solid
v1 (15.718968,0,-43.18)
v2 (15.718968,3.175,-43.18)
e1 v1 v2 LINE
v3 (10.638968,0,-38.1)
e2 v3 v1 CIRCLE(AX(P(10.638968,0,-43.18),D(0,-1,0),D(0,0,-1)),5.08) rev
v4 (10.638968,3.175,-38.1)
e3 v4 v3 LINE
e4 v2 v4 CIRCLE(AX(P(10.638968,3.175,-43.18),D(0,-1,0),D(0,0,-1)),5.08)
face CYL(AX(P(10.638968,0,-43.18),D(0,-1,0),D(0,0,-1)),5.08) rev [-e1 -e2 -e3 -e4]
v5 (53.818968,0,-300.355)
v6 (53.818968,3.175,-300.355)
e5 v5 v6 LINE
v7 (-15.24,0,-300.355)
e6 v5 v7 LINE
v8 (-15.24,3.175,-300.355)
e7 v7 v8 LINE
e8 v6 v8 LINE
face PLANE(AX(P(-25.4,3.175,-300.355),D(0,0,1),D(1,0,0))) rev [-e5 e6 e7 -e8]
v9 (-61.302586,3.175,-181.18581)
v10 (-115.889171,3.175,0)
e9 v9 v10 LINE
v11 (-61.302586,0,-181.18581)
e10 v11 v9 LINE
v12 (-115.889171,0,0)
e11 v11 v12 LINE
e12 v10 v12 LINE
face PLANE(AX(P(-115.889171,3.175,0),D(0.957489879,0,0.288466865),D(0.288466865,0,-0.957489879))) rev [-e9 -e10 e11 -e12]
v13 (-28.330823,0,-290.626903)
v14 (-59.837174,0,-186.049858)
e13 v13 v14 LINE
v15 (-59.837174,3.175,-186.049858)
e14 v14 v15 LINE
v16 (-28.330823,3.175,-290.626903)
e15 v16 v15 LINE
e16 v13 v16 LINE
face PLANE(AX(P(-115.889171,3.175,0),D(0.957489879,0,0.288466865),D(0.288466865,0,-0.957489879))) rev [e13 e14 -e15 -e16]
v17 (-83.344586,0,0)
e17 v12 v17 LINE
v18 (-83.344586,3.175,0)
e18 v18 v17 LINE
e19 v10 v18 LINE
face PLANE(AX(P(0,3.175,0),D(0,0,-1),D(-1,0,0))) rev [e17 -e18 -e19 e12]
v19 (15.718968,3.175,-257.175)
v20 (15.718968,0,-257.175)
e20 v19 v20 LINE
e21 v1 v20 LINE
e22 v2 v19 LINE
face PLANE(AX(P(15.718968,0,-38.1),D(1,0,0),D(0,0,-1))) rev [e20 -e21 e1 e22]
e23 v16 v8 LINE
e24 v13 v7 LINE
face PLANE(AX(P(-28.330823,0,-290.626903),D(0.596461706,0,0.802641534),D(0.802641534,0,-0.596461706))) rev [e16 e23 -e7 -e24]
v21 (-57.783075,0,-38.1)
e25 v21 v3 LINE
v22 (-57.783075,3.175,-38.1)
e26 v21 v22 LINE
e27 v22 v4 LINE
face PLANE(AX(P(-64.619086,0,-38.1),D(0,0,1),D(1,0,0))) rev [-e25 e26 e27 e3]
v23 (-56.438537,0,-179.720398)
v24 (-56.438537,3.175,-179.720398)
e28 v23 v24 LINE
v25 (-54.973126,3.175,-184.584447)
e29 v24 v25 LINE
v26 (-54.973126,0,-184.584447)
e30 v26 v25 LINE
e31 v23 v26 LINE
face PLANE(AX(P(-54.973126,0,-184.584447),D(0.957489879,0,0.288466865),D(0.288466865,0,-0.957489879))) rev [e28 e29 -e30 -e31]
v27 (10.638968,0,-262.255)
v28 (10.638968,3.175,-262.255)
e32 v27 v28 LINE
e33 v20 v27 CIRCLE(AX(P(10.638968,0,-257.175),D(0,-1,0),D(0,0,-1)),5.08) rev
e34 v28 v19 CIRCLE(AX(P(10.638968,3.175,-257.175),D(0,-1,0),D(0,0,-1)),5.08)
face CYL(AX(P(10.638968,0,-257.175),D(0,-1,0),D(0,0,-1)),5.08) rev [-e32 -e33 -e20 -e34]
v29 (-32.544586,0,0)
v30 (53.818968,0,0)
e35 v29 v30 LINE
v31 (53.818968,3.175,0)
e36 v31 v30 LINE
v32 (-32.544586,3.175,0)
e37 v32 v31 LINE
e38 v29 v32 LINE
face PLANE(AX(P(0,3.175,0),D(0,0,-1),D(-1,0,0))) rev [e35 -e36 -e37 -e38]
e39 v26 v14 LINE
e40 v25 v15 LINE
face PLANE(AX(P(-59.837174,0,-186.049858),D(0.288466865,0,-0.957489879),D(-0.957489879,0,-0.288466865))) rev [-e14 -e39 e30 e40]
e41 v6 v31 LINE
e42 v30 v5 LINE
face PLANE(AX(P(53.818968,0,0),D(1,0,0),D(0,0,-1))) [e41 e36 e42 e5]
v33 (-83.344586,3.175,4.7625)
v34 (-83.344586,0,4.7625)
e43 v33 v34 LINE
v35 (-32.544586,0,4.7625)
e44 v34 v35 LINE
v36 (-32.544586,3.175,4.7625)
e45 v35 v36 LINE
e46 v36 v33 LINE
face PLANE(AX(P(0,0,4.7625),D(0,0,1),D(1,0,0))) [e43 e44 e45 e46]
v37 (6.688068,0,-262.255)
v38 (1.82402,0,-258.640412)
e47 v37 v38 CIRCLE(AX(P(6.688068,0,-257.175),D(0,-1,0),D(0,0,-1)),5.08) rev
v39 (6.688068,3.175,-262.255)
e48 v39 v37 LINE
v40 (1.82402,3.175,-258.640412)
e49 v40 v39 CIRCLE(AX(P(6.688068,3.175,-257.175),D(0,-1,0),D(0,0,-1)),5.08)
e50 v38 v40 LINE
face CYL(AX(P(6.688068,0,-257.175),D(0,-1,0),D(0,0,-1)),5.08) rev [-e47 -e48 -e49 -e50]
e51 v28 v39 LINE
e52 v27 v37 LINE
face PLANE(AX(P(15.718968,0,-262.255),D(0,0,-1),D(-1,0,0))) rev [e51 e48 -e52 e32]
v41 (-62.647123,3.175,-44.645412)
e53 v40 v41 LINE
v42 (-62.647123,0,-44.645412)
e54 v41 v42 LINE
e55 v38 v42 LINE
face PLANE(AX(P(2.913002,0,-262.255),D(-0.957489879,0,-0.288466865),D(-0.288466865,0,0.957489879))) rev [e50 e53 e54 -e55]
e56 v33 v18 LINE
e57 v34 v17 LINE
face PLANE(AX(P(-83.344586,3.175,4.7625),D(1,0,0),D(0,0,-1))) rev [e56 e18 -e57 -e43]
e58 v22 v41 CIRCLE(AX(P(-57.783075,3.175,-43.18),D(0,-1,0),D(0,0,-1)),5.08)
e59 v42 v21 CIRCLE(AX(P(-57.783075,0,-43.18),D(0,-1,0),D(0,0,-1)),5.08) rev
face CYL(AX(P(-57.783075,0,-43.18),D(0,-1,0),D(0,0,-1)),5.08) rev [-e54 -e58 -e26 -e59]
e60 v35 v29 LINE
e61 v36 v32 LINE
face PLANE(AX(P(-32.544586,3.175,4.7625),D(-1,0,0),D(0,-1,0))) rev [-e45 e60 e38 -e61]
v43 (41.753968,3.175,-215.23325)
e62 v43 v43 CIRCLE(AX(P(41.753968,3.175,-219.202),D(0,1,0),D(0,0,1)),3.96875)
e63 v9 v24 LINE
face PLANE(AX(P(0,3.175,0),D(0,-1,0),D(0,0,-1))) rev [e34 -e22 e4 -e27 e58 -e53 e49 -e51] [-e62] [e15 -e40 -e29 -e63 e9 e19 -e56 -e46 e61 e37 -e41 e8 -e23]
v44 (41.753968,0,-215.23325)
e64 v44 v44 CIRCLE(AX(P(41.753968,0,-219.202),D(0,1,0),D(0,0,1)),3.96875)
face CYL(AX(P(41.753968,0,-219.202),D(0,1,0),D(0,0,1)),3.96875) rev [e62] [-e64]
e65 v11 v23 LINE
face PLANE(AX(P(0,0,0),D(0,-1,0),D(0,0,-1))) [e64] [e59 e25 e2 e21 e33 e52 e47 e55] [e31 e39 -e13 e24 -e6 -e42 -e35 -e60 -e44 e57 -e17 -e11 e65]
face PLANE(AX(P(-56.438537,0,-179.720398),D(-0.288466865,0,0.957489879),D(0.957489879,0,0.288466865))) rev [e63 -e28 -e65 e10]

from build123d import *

# Parameters (mm, degrees)
BOSS_EXTRUDE1_DEPTH = 3.175
SKETCH4_W           = 50.8
SKETCH4_H           = 3.175
BOSS_EXTRUDE2_DEPTH = 4.7625
SKETCH6_W           = 300.355
SKETCH6_H           = 3.175
BOSS_EXTRUDE3_DEPTH = 53.8189678
SKETCH7_R           = 3.96875
CUT_EXTRUDE3_DEPTH  = 322.952646539
CUT_EXTRUDE4_DEPTH  = 322.952646539
FILLET1_R           = 5.08
CUT_EXTRUDE5_DEPTH  = 322.952646539


with BuildPart() as part:
    # Sketch2 → Boss-Extrude1 (new body)
    with BuildSketch(Plane(origin=(0, 0, 0), x_dir=(1, 0, 0), z_dir=(0, 1, 0))):
        Polygon((0, 0), (-115.889171037, 0), (-25.4, 300.355), (0, 300.355), align=None)
    extrude(amount=BOSS_EXTRUDE1_DEPTH)

    # Sketch4 → Boss-Extrude2 (add)
    with BuildSketch(Plane.XY):
        with Locations((-57.944585519, 1.5875)):
            Rectangle(SKETCH4_W, SKETCH4_H)
    extrude(amount=BOSS_EXTRUDE2_DEPTH)

    # Sketch6 → Boss-Extrude3 (add)
    with BuildSketch(Plane(origin=(0, 0, 0), x_dir=(0, 0, -1), z_dir=(1, 0, 0))):
        with Locations((150.1775, 1.5875)):
            Rectangle(SKETCH6_W, SKETCH6_H)
    extrude(amount=BOSS_EXTRUDE3_DEPTH)

    # Sketch7 → Cut-Extrude3 (cut, through all)
    with BuildSketch(Plane(origin=(0, 3.175, 0), x_dir=(1, 0, 0), z_dir=(0, 1, 0))):
        with Locations(Location((41.7539678, 219.202, 0), (0, 0, 270))):
            Circle(SKETCH7_R)
        Polygon((-28.330823353, 290.626902834), (-15.24, 300.355), (-25.4, 300.355), align=None)
    extrude(amount=-CUT_EXTRUDE3_DEPTH, mode=Mode.SUBTRACT)

    # Sketch8 → Cut-Extrude4 (cut, through all)
    with BuildSketch(Plane(origin=(0, 3.175, 0), x_dir=(1, 0, 0), z_dir=(0, 1, 0))):
        Polygon((-64.619085916, 38.1), (15.7189678, 38.1), (15.7189678, 262.255), (2.91300156, 262.255), align=None)
    extrude(amount=-CUT_EXTRUDE4_DEPTH, mode=Mode.SUBTRACT)

    # Fillet1
    fillet1_edges = [part.edges().sort_by_distance(p)[0] for p in [
        (-64.619085916, 1.5875, -38.1),
        (2.91300156, 1.5875, -262.255),
        (15.7189678, 1.5875, -262.255),
        (15.7189678, 1.5875, -38.1),
    ]]
    fillet(fillet1_edges, radius=FILLET1_R)

    # Sketch9 → Cut-Extrude5 (cut, through all)
    with BuildSketch(Plane(origin=(0, 3.175, 0), x_dir=(1, 0, 0), z_dir=(0, 1, 0))):
        Polygon((-59.837174403, 186.0498583), (-54.97312582, 184.584446623), (-56.438537497, 179.72039804), (-61.30258608, 181.185809717), align=None)
    extrude(amount=-CUT_EXTRUDE5_DEPTH, mode=Mode.SUBTRACT)


solid = part.part
